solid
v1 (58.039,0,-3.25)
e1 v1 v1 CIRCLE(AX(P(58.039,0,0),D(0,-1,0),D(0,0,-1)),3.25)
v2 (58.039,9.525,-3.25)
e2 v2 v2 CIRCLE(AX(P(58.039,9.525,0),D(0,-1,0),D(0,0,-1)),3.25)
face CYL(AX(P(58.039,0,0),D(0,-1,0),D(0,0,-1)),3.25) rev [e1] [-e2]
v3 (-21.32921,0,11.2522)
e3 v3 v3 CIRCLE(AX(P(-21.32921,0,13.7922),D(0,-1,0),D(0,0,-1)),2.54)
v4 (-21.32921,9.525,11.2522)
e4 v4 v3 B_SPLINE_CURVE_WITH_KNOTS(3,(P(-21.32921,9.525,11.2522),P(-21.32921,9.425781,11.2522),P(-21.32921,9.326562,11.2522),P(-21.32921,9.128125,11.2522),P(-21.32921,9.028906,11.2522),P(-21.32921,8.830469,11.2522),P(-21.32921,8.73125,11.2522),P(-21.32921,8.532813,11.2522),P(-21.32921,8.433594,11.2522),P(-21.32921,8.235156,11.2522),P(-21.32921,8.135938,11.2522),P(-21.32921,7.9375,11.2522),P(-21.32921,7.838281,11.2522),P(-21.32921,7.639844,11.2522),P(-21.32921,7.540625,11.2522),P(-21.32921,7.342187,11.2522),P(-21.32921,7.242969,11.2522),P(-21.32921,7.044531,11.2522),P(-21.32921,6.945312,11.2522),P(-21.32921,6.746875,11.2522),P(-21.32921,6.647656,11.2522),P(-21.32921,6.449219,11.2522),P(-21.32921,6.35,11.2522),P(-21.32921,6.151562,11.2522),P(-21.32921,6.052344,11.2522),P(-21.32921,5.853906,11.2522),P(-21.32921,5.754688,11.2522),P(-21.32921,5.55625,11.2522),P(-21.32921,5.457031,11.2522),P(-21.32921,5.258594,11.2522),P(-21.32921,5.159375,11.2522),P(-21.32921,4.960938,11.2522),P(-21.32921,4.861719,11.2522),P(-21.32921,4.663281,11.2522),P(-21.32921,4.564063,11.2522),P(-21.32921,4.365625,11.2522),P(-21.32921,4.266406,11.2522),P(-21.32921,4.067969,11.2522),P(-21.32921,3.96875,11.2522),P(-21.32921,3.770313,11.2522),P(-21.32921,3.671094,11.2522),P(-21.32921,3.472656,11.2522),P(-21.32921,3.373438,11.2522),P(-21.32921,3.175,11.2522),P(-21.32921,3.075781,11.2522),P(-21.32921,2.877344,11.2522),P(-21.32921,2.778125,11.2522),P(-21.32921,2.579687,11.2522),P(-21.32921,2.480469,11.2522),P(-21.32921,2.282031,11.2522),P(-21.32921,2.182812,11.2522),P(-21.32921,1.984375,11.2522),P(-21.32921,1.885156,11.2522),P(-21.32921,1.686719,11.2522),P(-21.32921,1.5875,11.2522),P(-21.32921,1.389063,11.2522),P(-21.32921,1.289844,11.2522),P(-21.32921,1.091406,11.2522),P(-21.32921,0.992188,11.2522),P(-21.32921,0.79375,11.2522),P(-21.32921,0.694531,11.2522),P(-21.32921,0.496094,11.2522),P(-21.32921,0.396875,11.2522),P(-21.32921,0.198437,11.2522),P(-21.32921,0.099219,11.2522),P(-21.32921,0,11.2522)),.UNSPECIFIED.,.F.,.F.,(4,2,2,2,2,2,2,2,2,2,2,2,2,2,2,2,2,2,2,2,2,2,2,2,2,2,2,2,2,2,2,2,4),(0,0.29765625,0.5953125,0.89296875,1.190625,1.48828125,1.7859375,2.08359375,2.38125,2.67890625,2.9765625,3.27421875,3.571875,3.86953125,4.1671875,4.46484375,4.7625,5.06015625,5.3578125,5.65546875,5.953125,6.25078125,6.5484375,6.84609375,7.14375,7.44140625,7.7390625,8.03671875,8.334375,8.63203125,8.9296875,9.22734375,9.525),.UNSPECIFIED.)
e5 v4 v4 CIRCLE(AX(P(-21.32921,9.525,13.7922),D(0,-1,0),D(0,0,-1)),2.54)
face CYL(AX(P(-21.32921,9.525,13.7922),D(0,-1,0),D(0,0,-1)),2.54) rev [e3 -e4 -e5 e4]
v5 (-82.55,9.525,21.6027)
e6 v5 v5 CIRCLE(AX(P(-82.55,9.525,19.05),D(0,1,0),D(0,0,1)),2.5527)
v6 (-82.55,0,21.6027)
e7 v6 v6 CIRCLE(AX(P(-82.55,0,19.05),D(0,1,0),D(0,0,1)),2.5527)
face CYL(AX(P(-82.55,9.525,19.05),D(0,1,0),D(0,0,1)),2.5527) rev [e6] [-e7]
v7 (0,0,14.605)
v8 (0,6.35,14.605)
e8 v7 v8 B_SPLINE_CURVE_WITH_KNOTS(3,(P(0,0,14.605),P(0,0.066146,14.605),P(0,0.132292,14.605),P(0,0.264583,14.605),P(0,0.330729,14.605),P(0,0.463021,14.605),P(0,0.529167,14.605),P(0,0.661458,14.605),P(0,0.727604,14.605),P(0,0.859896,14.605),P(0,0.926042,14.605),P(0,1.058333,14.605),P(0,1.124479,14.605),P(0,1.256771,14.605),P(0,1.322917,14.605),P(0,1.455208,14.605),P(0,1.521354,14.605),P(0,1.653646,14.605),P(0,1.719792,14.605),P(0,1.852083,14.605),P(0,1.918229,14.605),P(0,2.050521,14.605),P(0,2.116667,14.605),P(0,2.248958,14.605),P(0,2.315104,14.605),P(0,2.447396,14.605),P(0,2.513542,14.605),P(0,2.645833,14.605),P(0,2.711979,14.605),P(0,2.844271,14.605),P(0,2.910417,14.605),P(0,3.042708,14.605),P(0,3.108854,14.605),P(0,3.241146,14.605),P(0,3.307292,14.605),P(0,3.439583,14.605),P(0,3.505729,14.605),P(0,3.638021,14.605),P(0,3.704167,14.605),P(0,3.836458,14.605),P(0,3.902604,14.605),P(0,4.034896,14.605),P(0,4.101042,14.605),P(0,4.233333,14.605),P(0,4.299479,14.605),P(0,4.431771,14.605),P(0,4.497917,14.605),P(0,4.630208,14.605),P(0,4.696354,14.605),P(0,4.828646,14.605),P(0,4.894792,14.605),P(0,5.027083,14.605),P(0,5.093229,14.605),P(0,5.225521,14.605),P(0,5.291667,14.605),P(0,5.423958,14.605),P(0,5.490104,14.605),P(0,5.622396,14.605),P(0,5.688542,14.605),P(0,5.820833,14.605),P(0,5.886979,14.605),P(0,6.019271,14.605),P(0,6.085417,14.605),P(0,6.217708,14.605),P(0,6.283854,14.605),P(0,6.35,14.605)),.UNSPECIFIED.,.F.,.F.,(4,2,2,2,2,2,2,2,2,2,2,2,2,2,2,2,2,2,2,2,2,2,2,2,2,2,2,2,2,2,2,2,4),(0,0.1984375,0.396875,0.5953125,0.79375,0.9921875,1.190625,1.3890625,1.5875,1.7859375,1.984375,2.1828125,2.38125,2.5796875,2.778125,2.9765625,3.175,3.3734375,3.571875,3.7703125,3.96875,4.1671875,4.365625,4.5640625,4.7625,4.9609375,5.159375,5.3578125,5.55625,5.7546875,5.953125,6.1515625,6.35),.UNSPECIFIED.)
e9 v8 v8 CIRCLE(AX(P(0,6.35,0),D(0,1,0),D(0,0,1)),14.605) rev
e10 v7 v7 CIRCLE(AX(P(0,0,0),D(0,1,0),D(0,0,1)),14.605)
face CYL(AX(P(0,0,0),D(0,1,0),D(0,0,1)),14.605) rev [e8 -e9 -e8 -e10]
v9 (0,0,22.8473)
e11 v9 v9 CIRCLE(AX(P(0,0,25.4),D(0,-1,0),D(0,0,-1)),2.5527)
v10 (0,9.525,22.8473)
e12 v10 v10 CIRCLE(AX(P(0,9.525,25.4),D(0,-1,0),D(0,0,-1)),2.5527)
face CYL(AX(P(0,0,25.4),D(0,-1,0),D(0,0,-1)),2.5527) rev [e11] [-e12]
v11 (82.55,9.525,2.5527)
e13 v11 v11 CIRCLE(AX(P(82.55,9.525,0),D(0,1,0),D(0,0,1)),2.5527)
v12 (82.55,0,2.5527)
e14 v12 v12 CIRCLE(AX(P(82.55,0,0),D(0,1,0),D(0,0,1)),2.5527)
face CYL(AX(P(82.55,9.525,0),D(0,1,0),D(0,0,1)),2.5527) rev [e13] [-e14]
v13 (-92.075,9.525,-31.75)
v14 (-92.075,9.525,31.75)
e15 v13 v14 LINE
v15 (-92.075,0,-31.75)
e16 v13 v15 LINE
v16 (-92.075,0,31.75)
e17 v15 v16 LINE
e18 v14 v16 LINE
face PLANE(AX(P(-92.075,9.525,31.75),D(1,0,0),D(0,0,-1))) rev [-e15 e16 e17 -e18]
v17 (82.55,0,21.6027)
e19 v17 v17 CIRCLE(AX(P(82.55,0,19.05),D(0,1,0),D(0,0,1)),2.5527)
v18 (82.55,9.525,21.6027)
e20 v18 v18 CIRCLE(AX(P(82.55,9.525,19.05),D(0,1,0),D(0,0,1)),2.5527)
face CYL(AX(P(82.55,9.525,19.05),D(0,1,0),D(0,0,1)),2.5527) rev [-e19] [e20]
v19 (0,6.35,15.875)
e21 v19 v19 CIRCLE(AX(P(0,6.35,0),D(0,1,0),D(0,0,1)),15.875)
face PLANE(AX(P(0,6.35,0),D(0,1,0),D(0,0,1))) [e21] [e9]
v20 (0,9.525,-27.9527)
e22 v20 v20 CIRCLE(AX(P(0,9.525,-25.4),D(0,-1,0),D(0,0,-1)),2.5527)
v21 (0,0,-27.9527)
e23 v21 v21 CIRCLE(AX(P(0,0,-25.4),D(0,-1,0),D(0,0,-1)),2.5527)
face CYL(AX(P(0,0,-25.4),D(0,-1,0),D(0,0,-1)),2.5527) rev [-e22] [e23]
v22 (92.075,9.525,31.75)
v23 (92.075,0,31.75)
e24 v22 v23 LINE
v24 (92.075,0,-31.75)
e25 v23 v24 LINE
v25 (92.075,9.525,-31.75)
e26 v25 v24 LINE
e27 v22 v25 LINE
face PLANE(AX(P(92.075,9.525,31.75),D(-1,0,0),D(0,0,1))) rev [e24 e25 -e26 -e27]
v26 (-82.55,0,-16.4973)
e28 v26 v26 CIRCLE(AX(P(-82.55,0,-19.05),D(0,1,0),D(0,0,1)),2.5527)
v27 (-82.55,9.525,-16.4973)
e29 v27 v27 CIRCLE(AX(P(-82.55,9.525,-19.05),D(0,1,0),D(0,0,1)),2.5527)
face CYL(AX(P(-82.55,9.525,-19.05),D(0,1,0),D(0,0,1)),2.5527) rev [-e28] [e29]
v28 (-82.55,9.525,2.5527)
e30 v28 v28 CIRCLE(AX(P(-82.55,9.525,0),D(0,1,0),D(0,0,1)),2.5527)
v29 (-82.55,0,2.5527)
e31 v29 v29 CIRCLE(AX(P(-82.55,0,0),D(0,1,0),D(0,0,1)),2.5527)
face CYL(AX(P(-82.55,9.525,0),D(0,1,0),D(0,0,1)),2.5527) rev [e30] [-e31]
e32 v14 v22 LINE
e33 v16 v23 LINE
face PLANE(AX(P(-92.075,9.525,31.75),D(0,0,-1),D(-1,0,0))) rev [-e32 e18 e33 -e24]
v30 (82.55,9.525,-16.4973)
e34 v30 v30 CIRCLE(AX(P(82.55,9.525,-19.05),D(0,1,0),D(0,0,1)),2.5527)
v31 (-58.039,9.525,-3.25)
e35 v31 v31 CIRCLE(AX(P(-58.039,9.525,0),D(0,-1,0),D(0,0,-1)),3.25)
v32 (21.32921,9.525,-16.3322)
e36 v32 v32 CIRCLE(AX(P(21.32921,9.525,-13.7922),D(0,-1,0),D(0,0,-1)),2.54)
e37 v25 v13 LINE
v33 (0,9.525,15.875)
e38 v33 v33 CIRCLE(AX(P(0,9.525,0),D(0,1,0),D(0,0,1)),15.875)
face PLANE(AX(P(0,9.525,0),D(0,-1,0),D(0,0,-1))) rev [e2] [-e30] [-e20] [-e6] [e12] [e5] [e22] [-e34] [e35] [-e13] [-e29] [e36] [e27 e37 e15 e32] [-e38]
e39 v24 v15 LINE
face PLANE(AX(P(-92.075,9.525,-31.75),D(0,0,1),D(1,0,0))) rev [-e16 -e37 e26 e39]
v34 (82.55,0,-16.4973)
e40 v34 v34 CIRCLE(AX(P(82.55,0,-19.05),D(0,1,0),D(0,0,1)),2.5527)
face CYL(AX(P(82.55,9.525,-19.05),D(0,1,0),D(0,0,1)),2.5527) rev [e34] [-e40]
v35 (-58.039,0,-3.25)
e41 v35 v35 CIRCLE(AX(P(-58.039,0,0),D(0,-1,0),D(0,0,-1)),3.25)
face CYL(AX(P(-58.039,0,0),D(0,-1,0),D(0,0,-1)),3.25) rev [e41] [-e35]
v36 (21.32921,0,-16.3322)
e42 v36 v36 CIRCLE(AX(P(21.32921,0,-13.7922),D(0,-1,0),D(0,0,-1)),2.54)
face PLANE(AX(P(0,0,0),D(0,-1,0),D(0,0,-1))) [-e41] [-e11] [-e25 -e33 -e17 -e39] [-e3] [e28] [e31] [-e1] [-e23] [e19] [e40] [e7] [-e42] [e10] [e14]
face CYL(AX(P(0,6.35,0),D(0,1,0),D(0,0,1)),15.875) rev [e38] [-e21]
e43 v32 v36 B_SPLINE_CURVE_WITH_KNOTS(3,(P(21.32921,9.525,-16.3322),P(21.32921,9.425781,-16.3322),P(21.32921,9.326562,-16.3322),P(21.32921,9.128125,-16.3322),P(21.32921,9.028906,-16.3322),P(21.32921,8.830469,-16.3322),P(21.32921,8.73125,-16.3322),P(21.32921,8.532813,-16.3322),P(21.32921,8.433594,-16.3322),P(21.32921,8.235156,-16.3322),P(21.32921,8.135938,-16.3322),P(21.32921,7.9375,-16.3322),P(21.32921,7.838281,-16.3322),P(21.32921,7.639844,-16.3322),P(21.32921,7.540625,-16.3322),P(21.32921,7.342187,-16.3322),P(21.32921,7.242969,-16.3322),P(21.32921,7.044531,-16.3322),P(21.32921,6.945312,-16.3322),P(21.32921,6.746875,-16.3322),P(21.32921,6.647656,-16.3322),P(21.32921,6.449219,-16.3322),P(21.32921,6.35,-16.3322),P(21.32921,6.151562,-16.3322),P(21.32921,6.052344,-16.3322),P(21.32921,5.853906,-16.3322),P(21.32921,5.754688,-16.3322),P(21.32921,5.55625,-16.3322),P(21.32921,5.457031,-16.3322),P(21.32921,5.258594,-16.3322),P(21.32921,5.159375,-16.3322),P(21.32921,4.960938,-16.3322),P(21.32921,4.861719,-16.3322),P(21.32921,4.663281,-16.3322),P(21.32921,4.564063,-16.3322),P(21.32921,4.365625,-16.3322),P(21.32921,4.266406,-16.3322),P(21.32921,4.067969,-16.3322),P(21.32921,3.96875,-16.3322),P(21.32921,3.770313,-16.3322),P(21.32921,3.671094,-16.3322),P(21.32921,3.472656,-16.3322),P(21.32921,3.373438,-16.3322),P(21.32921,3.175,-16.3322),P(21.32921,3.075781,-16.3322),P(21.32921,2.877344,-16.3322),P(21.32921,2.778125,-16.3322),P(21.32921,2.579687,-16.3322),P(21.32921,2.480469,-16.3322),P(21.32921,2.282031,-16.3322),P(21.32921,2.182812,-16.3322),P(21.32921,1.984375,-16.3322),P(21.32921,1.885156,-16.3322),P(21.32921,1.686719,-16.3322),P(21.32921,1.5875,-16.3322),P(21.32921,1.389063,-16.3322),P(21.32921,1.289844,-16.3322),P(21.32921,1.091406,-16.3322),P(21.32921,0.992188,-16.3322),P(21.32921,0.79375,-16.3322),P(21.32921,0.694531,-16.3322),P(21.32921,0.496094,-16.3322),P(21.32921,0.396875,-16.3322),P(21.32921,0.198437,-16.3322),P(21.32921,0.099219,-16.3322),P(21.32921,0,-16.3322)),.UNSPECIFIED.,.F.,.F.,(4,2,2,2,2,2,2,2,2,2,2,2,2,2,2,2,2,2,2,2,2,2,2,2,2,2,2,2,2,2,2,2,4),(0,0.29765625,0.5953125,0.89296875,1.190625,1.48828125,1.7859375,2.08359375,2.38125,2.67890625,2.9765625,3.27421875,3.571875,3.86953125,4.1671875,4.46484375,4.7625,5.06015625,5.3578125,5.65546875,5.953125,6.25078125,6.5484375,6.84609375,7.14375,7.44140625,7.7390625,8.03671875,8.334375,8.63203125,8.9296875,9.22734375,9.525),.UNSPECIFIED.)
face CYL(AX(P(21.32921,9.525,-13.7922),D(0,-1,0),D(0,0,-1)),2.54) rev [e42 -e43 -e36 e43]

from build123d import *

# Parameters (mm, degrees)
SKETCH1_W                  = 184.15
SKETCH1_H                  = 63.5
BOSS_EXTRUDE1_DEPTH        = 9.525
SKETCH3_R                  = 14.605
CUT_EXTRUDE1_DEPTH         = 98.860072297
F_10_CLEARANCE_HOLE1_D     = 5.1054
F_6_5_6_5_DIAMETER_HOLE3_D = 6.5
SKETCH29_R                 = 15.875
CUT_EXTRUDE5_DEPTH         = 3.175
F_10_CLEARANCE_HOLE2_D     = 5.1054
SKETCH36_R                 = 2.54
CUT_EXTRUDE6_DEPTH         = 98.860072297


with BuildPart() as part:
    # Sketch1 → Boss-Extrude1 (new body)
    with BuildSketch(Plane(origin=(0, 0, 0), x_dir=(1, 0, 0), z_dir=(0, 1, 0))):
        Rectangle(SKETCH1_W, SKETCH1_H)
    extrude(amount=BOSS_EXTRUDE1_DEPTH)

    # Sketch3 → Cut-Extrude1 (cut, through all)
    with BuildSketch(Plane(origin=(0, 9.525, 0), x_dir=(1, 0, 0), z_dir=(0, 1, 0))):
        with Locations(Location((0, 0, 0), (0, 0, 270))):
            Circle(SKETCH3_R)
    extrude(amount=-CUT_EXTRUDE1_DEPTH, mode=Mode.SUBTRACT)

    # #10 Clearance Hole1 (through all)
    with Locations(Plane(origin=(0, 0, 0), x_dir=(-1, 0, 0), z_dir=(0, -1, 0))):
        with Locations((0, -25.4), (0, 25.4)):
            Hole(F_10_CLEARANCE_HOLE1_D / 2)

    # Ø6.5 (6.5) Diameter Hole3 (through all)
    with Locations(Plane(origin=(0, 0, 0), x_dir=(-1, 0, 0), z_dir=(0, -1, 0))):
        with Locations((58.039, 0), (-58.039, 0)):
            Hole(F_6_5_6_5_DIAMETER_HOLE3_D / 2)

    # Sketch29 → Cut-Extrude5 (cut)
    with BuildSketch(Plane(origin=(0, 9.525, 0), x_dir=(1, 0, 0), z_dir=(0, 1, 0))):
        with Locations(Location((0, 0, 0), (0, 0, 270))):
            Circle(SKETCH29_R)
    extrude(amount=-CUT_EXTRUDE5_DEPTH, mode=Mode.SUBTRACT)

    # #10 Clearance Hole2 (through all)
    with Locations(Plane(origin=(0, 9.525, 0), x_dir=(1, 0, 0), z_dir=(0, 1, 0))):
        with Locations((-82.55, 19.05), (-82.55, -19.05), (82.55, -19.05), (82.55, 19.05), (-82.55, 0), (82.55, 0)):
            Hole(F_10_CLEARANCE_HOLE2_D / 2)

    # Sketch36 → Cut-Extrude6 (cut, through all)
    with BuildSketch(Plane.XZ):
        with Locations(Location((-21.329210467, 13.7922, 0), (0, 0, 270))):
            Circle(SKETCH36_R)
        with Locations(Location((21.329210467, -13.7922, 0), (0, 0, 270))):
            Circle(SKETCH36_R)
    extrude(amount=-CUT_EXTRUDE6_DEPTH, mode=Mode.SUBTRACT)


solid = part.part
